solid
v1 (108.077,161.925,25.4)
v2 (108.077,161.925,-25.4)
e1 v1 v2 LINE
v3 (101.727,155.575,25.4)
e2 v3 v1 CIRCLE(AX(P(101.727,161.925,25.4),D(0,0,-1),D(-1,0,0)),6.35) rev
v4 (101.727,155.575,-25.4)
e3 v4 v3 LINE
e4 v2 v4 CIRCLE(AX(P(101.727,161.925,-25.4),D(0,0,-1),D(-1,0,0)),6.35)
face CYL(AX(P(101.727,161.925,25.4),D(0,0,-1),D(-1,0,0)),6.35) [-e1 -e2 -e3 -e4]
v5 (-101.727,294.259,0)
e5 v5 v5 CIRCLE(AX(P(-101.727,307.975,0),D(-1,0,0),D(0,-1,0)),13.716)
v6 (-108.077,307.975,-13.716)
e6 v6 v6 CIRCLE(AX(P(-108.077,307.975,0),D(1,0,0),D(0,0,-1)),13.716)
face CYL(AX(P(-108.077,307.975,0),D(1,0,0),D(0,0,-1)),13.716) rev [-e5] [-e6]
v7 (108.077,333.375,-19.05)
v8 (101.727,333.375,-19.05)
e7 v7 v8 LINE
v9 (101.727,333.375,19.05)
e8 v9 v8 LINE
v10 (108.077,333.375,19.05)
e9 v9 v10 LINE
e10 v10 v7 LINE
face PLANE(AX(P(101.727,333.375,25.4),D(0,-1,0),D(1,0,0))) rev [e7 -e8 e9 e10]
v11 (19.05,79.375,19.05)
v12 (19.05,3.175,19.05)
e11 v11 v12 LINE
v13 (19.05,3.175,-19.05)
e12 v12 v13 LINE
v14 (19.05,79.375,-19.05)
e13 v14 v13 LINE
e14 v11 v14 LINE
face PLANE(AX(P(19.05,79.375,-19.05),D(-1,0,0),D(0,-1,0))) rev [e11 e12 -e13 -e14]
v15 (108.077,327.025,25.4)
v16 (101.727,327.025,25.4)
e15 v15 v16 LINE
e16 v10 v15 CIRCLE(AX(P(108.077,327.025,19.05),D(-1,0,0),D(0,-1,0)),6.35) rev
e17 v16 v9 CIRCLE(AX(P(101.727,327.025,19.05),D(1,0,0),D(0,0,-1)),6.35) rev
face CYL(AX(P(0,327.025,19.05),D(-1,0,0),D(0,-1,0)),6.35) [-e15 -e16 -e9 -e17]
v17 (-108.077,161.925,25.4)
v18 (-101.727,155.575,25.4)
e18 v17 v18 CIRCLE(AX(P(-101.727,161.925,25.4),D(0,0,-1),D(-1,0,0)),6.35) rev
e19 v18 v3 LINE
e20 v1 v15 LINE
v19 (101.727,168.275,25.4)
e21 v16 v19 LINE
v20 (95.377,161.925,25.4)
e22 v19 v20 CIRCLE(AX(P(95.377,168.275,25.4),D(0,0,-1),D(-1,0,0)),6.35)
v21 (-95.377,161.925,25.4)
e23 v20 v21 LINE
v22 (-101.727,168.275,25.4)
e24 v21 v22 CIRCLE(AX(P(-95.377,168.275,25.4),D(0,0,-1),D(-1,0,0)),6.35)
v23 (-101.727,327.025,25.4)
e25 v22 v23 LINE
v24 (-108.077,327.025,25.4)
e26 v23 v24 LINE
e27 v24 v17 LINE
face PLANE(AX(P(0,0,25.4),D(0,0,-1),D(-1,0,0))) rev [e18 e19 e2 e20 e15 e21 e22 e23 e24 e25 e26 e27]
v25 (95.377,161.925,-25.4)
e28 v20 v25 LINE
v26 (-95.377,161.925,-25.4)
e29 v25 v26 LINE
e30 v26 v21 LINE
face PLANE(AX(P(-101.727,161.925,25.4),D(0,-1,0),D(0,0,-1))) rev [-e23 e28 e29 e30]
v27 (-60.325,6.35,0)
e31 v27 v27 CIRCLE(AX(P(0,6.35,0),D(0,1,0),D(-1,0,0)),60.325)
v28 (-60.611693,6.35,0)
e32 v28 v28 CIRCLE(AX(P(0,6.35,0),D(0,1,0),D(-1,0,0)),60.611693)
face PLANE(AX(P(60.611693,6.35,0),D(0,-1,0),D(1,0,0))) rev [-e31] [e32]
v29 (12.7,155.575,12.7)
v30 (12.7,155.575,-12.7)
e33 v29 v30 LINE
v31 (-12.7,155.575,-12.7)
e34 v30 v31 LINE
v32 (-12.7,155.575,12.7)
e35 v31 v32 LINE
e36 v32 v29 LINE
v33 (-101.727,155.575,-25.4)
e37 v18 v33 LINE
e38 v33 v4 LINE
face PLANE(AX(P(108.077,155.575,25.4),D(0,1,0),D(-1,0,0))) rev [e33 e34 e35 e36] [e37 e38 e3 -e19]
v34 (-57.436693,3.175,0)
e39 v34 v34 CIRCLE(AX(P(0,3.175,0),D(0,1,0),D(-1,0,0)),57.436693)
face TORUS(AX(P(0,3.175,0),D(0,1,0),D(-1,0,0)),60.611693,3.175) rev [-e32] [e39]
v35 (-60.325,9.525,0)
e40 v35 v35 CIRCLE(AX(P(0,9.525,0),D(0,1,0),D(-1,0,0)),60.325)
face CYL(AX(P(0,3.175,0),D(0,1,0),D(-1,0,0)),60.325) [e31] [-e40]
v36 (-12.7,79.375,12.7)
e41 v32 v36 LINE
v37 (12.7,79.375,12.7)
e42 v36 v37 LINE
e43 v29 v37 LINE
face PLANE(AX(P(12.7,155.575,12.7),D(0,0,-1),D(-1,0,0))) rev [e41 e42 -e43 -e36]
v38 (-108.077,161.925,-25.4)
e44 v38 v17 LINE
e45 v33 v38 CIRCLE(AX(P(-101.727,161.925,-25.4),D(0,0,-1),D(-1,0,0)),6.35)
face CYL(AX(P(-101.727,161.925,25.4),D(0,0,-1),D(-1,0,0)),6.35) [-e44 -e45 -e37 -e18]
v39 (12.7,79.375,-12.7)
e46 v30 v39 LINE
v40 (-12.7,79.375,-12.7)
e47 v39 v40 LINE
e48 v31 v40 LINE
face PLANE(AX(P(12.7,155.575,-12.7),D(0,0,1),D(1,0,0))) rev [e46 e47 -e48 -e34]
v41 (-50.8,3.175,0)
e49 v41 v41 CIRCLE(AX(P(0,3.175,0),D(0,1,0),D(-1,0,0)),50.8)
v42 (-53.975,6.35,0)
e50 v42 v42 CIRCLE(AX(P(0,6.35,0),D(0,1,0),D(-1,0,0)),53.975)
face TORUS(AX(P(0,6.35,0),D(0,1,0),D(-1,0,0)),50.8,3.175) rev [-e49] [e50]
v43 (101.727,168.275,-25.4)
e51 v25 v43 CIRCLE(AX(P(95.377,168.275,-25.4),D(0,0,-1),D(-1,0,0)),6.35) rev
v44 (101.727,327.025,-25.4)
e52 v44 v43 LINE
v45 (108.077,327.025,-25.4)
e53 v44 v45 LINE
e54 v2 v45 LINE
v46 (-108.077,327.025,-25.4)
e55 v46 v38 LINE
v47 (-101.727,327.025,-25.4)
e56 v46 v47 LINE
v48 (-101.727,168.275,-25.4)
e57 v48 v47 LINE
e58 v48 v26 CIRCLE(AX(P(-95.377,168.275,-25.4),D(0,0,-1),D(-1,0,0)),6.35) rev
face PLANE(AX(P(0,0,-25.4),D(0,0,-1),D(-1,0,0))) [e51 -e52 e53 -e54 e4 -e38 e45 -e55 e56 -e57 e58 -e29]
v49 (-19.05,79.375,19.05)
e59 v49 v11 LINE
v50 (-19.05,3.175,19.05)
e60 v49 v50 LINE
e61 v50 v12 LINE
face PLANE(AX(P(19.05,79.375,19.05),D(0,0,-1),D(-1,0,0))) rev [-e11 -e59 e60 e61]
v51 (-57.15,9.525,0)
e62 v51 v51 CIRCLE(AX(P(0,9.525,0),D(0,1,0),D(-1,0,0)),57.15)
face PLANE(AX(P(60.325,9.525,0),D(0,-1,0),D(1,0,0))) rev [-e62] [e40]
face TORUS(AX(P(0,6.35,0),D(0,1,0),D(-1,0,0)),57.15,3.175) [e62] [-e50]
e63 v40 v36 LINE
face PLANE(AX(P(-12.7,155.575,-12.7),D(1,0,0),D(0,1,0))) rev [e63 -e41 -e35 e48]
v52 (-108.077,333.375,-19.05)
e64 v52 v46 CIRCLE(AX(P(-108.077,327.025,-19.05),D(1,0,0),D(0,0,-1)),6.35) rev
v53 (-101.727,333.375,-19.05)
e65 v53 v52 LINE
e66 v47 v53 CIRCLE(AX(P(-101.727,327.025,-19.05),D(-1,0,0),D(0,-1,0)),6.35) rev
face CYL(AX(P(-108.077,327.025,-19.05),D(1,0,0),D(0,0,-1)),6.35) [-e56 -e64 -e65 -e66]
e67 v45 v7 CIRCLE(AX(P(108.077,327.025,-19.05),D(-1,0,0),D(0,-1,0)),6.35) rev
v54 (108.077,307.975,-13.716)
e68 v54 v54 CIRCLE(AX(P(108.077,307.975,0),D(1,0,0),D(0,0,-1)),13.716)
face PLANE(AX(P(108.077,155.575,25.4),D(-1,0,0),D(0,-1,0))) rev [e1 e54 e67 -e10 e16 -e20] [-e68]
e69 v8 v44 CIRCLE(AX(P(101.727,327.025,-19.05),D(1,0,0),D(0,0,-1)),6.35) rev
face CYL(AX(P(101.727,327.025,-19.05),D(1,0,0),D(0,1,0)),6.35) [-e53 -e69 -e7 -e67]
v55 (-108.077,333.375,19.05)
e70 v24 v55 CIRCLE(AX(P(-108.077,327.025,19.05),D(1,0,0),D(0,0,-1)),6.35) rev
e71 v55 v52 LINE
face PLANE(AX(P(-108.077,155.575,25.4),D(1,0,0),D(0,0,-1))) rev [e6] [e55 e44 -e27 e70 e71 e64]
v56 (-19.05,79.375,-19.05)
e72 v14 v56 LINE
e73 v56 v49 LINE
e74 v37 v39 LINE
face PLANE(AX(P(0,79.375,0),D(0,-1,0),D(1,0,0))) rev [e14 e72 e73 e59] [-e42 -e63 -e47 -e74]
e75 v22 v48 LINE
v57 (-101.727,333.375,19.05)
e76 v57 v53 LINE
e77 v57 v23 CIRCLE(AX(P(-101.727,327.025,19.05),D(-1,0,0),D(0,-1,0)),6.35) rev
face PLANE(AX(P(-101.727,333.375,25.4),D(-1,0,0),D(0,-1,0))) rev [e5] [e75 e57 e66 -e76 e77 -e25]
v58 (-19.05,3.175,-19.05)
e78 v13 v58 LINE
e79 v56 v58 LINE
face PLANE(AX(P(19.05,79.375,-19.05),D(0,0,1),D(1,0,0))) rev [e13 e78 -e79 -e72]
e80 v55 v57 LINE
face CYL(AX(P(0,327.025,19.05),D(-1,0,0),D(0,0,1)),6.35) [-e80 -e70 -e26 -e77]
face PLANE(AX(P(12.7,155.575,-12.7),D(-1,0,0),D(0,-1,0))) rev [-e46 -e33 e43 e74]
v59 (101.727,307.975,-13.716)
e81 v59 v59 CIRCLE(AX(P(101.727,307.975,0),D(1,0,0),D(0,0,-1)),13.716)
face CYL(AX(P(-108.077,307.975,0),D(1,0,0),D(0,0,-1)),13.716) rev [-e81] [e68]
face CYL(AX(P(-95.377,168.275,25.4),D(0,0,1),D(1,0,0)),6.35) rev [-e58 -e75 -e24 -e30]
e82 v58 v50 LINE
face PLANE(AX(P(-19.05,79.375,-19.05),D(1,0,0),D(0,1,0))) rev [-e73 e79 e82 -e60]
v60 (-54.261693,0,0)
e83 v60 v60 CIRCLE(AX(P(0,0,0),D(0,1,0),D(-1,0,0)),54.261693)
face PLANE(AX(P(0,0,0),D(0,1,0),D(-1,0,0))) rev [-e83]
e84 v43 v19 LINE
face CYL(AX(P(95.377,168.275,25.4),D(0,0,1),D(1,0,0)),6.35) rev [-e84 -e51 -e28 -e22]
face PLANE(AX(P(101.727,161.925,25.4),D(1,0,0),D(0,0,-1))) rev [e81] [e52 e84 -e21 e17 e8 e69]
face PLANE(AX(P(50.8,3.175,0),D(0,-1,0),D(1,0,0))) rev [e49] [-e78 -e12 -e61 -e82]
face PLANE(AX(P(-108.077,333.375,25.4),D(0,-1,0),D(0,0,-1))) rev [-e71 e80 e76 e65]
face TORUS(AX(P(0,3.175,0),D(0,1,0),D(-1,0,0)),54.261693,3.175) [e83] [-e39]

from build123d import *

# Parameters (mm, degrees)
SKETCH3_W           = 38.1
SKETCH3_H           = 38.1
BOSS_EXTRUDE1_DEPTH = 76.2
SKETCH4_W           = 25.4
SKETCH4_H           = 25.4
BOSS_EXTRUDE2_DEPTH = 76.2
BOSS_EXTRUDE3_DEPTH = 25.4
FILLET1_R           = 6.35
FILLET2_R           = 6.35
FILLET3_R           = 6.35
FILLET4_R           = 6.35
SKETCH6_R           = 13.716
CUT_EXTRUDE1_DEPTH  = 402.914443233


with BuildPart() as part:
    # Sketch2 → Revolve1 (revolve)
    with BuildSketch(Plane.XY, mode=Mode.PRIVATE) as revolve1_sk:
        with BuildLine():
            Line((0, 0), (54.261693079, 0))
            ThreePointArc((54.261693079, 0), (56.506757109, 0.92993597), (57.436693079, 3.175))
            ThreePointArc((57.436693079, 3.175), (58.366629049, 5.42006403), (60.611693079, 6.35))
            Line((60.611693079, 6.35), (60.325, 6.35))
            Line((60.325, 6.35), (60.325, 9.525))
            Line((60.325, 9.525), (57.15, 9.525))
            ThreePointArc((57.15, 9.525), (54.90493597, 8.59506403), (53.975, 6.35))
            ThreePointArc((53.975, 6.35), (53.04506403, 4.10493597), (50.8, 3.175))
            Line((50.8, 3.175), (0, 3.175))
            Line((0, 3.175), (0, 0))
        make_face()
    revolve(revolve1_sk.sketch.rotate(Axis((0, 3.175, 0), (0, -1, 0)), 180), axis=Axis((0, 3.175, 0), (0, -1, 0)))

    # Sketch3 → Boss-Extrude1 (add)
    with BuildSketch(Plane(origin=(0, 3.175, 0), x_dir=(1, 0, 0), z_dir=(0, 1, 0))):
        Rectangle(SKETCH3_W, SKETCH3_H)
    extrude(amount=BOSS_EXTRUDE1_DEPTH)

    # Sketch4 → Boss-Extrude2 (add)
    with BuildSketch(Plane(origin=(0, 79.375, 0), x_dir=(1, 0, 0), z_dir=(0, 1, 0))):
        Rectangle(SKETCH4_W, SKETCH4_H)
    extrude(amount=BOSS_EXTRUDE2_DEPTH)

    # Sketch5 → Boss-Extrude3 (add, symmetric)
    with BuildSketch(Plane.XY):
        Polygon((108.077, 155.575), (-108.077, 155.575), (-108.077, 333.375), (-101.727, 333.375), (-101.727, 161.925), (101.727, 161.925), (101.727, 333.375), (108.077, 333.375), align=None)
    extrude(amount=BOSS_EXTRUDE3_DEPTH, both=True)

    # Fillet1
    fillet1_edges = [part.edges().sort_by_distance(p)[0] for p in [
        (101.727, 161.925, 0),
    ]]
    fillet(fillet1_edges, radius=FILLET1_R)

    # Fillet2
    fillet2_edges = [part.edges().sort_by_distance(p)[0] for p in [
        (-101.727, 161.925, 0),
    ]]
    fillet(fillet2_edges, radius=FILLET2_R)

    # Fillet3
    fillet3_edges = [part.edges().sort_by_distance(p)[0] for p in [
        (-108.077, 155.575, 0),
        (108.077, 155.575, 0),
    ]]
    fillet(fillet3_edges, radius=FILLET3_R)

    # Fillet4
    fillet4_edges = [part.edges().sort_by_distance(p)[0] for p in [
        (-104.902, 333.375, -25.4),
        (104.902, 333.375, -25.4),
        (-104.902, 333.375, 25.4),
        (104.902, 333.375, 25.4),
    ]]
    fillet(fillet4_edges, radius=FILLET4_R)

    # Sketch6 → Cut-Extrude1 (cut, through all)
    with BuildSketch(Plane(origin=(108.077, 0, 0), x_dir=(0, 0, -1), z_dir=(1, 0, 0))):
        with Locations((0, 307.975)):
            Circle(SKETCH6_R)
    extrude(amount=-CUT_EXTRUDE1_DEPTH, mode=Mode.SUBTRACT)


solid = part.part
